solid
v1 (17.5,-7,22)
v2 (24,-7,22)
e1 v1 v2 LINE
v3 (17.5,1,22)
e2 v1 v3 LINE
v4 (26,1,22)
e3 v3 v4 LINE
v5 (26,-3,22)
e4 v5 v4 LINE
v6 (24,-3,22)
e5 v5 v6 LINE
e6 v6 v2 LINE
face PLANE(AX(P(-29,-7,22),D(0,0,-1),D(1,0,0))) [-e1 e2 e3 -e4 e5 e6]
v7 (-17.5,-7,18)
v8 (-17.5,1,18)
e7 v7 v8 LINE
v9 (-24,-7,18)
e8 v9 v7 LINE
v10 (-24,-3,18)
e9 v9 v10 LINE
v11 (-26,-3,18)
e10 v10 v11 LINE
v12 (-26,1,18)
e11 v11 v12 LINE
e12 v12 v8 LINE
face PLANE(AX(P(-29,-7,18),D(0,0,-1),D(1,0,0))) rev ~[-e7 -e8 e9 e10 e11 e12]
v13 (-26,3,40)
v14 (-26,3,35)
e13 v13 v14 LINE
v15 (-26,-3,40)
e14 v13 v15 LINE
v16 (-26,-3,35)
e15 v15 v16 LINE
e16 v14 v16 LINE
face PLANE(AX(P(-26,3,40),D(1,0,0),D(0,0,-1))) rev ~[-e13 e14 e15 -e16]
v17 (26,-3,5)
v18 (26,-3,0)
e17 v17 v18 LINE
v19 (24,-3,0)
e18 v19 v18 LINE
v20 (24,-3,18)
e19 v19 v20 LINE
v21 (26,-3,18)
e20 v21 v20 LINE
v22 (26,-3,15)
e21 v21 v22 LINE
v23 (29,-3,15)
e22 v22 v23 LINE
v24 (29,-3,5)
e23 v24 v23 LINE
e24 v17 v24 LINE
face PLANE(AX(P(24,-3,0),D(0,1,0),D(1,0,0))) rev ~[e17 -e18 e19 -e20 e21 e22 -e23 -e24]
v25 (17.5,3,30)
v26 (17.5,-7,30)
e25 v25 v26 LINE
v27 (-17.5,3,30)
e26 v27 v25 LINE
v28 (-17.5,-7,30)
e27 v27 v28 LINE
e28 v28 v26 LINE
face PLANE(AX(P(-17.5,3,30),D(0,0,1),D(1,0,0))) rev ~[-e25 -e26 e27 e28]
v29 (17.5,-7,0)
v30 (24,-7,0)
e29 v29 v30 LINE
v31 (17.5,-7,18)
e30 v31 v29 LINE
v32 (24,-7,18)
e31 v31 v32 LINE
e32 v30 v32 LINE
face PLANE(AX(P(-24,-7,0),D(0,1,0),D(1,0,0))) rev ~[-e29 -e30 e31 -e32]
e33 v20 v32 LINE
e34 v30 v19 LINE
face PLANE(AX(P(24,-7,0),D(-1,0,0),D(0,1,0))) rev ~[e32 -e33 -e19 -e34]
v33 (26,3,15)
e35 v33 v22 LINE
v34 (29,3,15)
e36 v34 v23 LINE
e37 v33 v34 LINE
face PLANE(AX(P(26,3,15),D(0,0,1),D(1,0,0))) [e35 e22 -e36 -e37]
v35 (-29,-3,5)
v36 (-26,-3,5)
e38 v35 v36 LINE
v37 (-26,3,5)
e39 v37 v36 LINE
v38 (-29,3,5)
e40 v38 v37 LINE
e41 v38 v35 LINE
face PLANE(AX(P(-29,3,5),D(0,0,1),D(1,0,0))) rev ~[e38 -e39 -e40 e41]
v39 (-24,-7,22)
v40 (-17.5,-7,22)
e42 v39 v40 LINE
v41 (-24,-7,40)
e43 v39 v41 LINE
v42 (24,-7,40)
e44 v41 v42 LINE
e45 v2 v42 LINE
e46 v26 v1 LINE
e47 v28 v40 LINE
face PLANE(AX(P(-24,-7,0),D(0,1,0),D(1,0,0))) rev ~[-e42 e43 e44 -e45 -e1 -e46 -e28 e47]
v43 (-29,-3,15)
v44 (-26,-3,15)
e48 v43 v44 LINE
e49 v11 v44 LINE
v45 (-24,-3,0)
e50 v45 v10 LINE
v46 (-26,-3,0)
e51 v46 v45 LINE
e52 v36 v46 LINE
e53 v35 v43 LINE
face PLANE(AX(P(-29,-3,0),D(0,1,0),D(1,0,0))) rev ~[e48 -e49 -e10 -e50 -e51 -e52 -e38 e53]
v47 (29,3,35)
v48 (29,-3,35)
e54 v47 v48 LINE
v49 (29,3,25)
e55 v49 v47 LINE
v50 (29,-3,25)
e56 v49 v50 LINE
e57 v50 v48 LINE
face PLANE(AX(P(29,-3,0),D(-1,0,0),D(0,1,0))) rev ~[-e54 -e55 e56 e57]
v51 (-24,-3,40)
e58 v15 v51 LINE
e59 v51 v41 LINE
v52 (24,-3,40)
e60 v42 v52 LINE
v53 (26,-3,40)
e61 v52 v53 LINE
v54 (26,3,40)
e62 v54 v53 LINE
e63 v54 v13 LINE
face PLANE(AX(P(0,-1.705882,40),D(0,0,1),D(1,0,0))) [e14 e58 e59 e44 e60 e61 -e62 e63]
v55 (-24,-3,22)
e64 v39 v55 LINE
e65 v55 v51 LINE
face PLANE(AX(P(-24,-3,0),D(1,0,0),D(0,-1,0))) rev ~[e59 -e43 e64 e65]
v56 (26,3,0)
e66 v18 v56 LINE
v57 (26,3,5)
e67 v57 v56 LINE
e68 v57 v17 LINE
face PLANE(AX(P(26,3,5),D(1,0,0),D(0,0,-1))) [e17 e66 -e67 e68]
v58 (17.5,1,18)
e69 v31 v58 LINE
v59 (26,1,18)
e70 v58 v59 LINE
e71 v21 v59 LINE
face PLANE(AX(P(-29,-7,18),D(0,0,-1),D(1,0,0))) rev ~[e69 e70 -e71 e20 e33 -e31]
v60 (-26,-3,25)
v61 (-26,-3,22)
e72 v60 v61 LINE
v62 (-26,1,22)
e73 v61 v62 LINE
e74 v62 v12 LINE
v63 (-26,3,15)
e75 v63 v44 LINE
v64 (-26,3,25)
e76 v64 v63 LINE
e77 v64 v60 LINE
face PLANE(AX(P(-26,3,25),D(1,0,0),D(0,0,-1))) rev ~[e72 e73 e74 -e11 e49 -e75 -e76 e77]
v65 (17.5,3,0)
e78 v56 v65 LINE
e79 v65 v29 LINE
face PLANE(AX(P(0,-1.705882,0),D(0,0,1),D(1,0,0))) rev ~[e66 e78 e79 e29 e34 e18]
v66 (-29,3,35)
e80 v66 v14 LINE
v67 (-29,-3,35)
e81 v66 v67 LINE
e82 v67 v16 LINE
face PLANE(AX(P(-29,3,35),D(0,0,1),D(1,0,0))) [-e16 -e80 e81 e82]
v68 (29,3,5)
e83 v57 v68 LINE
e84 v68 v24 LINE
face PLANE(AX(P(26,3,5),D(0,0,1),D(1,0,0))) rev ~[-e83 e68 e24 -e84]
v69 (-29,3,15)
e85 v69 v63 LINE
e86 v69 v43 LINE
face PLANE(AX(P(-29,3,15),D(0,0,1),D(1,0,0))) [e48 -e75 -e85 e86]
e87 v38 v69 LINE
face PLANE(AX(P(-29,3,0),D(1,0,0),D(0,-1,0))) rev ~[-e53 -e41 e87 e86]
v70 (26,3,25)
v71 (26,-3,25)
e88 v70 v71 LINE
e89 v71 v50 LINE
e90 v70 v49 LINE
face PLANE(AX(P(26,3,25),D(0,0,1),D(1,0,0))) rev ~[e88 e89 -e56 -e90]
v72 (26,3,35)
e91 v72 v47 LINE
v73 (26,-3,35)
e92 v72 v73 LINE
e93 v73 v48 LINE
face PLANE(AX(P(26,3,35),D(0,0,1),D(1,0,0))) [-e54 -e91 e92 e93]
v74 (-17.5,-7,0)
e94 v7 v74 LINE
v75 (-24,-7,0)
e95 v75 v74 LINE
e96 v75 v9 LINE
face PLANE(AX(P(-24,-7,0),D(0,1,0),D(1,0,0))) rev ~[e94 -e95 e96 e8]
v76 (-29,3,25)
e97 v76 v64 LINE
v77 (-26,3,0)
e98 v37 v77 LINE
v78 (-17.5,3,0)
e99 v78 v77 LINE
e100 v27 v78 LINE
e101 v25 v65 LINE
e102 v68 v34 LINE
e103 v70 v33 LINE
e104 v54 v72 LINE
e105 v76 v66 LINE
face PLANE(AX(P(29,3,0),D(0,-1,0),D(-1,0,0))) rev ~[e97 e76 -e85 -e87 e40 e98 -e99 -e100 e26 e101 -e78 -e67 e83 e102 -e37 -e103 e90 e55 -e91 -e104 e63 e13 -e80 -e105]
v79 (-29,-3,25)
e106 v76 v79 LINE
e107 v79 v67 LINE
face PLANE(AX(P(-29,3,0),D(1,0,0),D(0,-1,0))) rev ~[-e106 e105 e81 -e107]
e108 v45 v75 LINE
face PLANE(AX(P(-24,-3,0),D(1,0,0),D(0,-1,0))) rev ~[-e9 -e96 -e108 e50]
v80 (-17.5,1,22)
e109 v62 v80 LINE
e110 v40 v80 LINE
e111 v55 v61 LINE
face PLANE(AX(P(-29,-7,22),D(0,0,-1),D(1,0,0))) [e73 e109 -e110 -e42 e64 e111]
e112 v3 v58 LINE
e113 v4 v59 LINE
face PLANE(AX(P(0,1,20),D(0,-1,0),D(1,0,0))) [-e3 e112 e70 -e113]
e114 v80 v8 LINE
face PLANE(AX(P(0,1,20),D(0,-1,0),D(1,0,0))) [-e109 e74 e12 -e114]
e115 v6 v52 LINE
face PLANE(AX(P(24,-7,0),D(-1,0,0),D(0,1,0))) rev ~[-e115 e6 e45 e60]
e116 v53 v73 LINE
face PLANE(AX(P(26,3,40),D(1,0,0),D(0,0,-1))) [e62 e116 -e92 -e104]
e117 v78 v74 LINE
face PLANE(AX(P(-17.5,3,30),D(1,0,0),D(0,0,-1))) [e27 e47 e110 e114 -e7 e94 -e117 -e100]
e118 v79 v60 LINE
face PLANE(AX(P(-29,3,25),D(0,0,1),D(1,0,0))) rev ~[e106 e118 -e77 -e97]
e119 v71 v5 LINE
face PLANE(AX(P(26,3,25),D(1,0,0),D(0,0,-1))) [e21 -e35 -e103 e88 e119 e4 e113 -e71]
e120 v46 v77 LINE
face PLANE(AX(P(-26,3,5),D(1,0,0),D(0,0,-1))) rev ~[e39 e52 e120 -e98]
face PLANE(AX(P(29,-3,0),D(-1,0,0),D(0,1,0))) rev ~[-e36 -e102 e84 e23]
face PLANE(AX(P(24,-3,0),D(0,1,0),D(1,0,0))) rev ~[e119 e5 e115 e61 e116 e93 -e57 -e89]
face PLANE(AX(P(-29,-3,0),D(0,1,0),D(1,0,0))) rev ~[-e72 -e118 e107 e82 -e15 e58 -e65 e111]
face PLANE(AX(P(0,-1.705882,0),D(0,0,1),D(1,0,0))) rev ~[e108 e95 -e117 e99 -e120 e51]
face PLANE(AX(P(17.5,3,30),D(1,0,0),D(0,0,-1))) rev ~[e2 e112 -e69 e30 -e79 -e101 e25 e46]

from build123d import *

# Parameters (mm, degrees)
BOSS_EXTRUDE1_DEPTH = 40
SKETCH2_W           = 35
SKETCH2_H           = 30
SKETCH2_W_2         = 3
SKETCH2_H_2         = 10
SKETCH2_H_3         = 5
CUT_EXTRUDE1_DEPTH  = 51.408332645
SKETCH3_W           = 58
SKETCH3_H           = 4
CUT_EXTRUDE2_DEPTH  = 8


with BuildPart() as part:
    # Sketch1 → Boss-Extrude1 (new body)
    with BuildSketch(Plane.XY):
        Polygon((24, -3), (29, -3), (29, 3), (-29, 3), (-29, -3), (-24, -3), (-24, -7), (24, -7), align=None)
    extrude(amount=BOSS_EXTRUDE1_DEPTH)

    # Sketch2 → Cut-Extrude1 (cut, through all)
    with BuildSketch(Plane(origin=(0, 3, 0), x_dir=(1, 0, 0), z_dir=(0, 1, 0))):
        with Locations((0, -15)):
            Rectangle(SKETCH2_W, SKETCH2_H)
        with Locations((27.5, -20)):
            Rectangle(SKETCH2_W_2, SKETCH2_H_2)
        with Locations((-27.5, -20)):
            Rectangle(SKETCH2_W_2, SKETCH2_H_2)
        with Locations((27.5, -37.5)):
            Rectangle(SKETCH2_W_2, SKETCH2_H_3)
        with Locations((-27.5, -37.5)):
            Rectangle(SKETCH2_W_2, SKETCH2_H_3)
        with Locations((-82.5, -20)):
            Rectangle(SKETCH2_W_2, SKETCH2_H_2)
        with Locations((27.5, 0)):
            Rectangle(SKETCH2_W_2, SKETCH2_H_2)
        with Locations((-27.5, 0)):
            Rectangle(SKETCH2_W_2, SKETCH2_H_2)
        with Locations((-82.5, 0)):
            Rectangle(SKETCH2_W_2, SKETCH2_H_2)
    extrude(amount=-CUT_EXTRUDE1_DEPTH, mode=Mode.SUBTRACT)

    # Sketch3 → Cut-Extrude2 (cut)
    with BuildSketch(Plane.XZ.offset(7)):
        with Locations((0, 20)):
            Rectangle(SKETCH3_W, SKETCH3_H)
    extrude(amount=-CUT_EXTRUDE2_DEPTH, mode=Mode.SUBTRACT)


solid = part.part
